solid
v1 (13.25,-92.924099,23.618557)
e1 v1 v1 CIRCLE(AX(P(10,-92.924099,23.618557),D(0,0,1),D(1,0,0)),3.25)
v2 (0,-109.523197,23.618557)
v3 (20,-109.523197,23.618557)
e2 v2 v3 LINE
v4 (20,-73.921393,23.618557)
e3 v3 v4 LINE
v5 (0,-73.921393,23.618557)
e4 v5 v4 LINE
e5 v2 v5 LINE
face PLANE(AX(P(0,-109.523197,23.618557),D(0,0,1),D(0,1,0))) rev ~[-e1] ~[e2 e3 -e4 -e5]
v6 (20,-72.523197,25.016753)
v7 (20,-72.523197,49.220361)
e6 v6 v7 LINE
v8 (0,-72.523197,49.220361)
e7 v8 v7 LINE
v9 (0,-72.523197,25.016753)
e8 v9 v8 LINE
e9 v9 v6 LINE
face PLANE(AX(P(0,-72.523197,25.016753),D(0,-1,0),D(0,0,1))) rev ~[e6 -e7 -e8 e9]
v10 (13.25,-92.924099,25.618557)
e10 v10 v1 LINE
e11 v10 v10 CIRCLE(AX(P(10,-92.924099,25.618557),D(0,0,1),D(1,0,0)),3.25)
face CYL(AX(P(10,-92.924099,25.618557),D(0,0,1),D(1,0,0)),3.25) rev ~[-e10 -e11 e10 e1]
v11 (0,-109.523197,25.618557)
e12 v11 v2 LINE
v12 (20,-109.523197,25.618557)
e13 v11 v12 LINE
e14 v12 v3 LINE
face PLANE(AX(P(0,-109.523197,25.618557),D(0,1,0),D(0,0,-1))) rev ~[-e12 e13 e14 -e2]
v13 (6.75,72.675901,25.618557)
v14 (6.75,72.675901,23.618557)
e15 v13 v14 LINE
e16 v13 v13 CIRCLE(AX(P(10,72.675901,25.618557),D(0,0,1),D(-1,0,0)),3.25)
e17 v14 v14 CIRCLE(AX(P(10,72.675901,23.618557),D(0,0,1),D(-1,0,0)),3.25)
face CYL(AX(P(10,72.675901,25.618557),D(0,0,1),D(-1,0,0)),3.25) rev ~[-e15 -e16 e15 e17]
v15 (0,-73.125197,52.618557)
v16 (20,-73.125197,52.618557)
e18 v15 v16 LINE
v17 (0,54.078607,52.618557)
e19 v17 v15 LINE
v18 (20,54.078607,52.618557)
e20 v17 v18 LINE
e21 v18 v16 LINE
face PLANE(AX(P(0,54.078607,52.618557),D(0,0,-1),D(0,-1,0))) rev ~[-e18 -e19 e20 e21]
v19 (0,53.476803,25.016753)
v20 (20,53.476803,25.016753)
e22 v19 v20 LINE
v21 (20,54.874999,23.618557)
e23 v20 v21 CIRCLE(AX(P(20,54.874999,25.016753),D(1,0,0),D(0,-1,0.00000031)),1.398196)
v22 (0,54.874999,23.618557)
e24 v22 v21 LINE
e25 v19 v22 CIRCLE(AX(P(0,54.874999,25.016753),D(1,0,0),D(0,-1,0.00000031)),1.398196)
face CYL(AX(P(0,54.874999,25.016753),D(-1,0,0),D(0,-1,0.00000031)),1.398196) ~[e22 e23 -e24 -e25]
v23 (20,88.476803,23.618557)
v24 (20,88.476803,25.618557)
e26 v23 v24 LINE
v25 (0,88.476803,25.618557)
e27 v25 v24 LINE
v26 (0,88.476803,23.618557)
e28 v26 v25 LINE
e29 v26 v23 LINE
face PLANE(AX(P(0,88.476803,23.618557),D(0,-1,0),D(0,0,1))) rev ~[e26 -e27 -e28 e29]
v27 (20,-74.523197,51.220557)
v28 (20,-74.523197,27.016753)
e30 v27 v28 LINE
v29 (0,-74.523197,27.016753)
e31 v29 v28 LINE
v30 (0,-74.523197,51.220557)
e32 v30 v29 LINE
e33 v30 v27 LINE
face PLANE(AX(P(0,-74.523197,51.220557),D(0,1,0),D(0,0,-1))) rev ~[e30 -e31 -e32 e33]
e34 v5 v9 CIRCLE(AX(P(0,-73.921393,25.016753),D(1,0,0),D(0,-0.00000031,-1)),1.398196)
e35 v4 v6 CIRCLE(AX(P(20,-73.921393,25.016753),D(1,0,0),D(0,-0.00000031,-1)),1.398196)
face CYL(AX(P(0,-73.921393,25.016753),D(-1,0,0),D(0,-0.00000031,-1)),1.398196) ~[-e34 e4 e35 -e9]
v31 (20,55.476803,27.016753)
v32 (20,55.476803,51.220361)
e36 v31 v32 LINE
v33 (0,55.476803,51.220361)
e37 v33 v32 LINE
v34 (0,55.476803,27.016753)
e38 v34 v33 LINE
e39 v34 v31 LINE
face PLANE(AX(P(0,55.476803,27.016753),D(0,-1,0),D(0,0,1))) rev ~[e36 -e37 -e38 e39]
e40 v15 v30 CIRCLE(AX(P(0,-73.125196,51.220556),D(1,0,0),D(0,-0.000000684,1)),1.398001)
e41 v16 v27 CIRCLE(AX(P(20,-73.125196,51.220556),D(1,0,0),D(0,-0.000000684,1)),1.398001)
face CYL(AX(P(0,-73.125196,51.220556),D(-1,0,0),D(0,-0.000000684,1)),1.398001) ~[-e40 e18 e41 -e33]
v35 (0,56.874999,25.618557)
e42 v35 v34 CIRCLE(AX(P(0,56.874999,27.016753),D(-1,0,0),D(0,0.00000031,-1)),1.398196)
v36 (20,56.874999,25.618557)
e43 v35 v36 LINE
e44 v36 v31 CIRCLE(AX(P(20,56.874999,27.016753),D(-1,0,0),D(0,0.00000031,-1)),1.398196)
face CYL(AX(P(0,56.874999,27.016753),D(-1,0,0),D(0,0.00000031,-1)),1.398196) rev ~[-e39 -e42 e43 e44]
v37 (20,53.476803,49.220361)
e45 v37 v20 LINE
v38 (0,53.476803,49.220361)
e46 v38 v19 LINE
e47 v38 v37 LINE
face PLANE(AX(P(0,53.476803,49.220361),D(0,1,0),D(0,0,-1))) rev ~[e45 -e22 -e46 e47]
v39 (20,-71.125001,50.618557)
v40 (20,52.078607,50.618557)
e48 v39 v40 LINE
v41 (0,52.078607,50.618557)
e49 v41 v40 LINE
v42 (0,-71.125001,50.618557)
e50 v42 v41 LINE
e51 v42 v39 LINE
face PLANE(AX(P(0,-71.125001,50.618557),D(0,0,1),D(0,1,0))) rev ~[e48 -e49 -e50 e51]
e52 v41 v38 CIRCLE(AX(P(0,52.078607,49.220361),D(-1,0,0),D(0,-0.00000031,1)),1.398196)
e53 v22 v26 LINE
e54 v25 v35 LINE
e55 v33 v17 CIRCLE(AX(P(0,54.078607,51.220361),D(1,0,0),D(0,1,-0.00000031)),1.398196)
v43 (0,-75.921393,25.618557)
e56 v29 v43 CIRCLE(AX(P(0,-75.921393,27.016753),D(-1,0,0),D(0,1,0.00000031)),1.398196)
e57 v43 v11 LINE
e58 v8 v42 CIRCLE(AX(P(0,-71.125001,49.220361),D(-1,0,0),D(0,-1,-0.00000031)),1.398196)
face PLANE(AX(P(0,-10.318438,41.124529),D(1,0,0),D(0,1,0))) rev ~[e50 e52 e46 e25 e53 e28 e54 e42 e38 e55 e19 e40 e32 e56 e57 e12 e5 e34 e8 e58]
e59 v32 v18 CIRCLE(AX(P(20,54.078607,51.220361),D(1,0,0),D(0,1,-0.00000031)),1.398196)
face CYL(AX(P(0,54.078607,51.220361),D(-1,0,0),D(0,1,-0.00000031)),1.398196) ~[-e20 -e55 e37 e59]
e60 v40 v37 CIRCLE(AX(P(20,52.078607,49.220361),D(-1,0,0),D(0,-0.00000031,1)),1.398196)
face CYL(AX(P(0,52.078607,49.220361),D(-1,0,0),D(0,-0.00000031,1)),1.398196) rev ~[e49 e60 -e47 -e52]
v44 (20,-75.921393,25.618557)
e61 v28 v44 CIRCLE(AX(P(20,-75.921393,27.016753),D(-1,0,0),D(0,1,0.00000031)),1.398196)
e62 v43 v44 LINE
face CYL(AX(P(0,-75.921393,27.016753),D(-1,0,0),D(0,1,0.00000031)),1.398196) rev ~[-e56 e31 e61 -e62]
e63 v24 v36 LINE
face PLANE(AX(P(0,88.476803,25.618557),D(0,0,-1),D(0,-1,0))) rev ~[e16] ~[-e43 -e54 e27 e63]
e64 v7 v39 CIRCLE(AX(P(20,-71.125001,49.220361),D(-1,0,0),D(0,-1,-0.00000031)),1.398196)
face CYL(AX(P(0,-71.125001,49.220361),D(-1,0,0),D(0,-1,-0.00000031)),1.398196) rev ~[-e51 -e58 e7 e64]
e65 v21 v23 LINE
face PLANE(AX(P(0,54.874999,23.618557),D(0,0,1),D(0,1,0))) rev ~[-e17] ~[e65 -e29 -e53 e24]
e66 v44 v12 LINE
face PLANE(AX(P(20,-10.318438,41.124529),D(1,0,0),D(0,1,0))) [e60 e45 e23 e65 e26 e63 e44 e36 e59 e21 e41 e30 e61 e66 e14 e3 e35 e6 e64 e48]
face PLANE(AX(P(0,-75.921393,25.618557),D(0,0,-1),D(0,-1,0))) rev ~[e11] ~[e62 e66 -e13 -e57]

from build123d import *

# Parameters (mm, degrees)
F1_DEPTH = 20
F2_R     = 3.25
F3_DEPTH = 25


with BuildPart() as f1:
    # F0 (on Right) → F1 (new body)
    with BuildSketch(Plane.YZ):
        with BuildLine():
            Line((-109.523197, 25.618557), (-109.523197, 23.618557))
            Line((-109.523197, 23.618557), (-73.921393, 23.618557))
            ThreePointArc((-73.921393, 23.618557), (-72.932719, 24.028079), (-72.523197, 25.016753))
            Line((-72.523197, 25.016753), (-72.523197, 25.618557))
            Line((-72.523197, 25.618557), (-72.523197, 49.220361))
            ThreePointArc((-72.523197, 49.220361), (-72.113675, 50.209035), (-71.125001, 50.618557))
            Line((-71.125001, 50.618557), (52.078607, 50.618557))
            ThreePointArc((52.078607, 50.618557), (53.067281, 50.209035), (53.476803, 49.220361))
            Line((53.476803, 49.220361), (53.476803, 25.016753))
            ThreePointArc((53.476803, 25.016753), (53.886325, 24.028079), (54.874999, 23.618557))
            Line((54.874999, 23.618557), (55.476803, 23.618557))
            Line((55.476803, 23.618557), (88.476803, 23.618557))
            Line((88.476803, 23.618557), (88.476803, 25.618557))
            Line((88.476803, 25.618557), (56.874999, 25.618557))
            ThreePointArc((56.874999, 25.618557), (55.886325, 26.028079), (55.476803, 27.016753))
            Line((55.476803, 27.016753), (55.476803, 51.220361))
            ThreePointArc((55.476803, 51.220361), (55.067281, 52.209035), (54.078607, 52.618557))
            Line((54.078607, 52.618557), (52.04897, 52.618557))
            Line((52.04897, 52.618557), (-11.456186, 52.618557))
            Line((-11.456186, 52.618557), (-73.125197, 52.618557))
            ThreePointArc((-73.125197, 52.618557), (-74.113732, 52.209092), (-74.523197, 51.220557))
            Line((-74.523197, 51.220557), (-74.523197, 51.220361))
            Line((-74.523197, 51.220361), (-74.523197, 50.618557))
            Line((-74.523197, 50.618557), (-74.523197, 27.016753))
            ThreePointArc((-74.523197, 27.016753), (-74.932719, 26.028079), (-75.921393, 25.618557))
            Line((-75.921393, 25.618557), (-109.523197, 25.618557))
        make_face()
    extrude(amount=F1_DEPTH)

    # F2 (on face) → F3 (cut)
    with BuildSketch(Plane.XY.offset(25.618557)):
        with BuildLine():
            Line((6.75, 72.675901), (10, 72.675901))
            Line((10, 72.675901), (13.25, 72.675901))
            ThreePointArc((13.25, 72.675901), (10, 75.925901), (6.75, 72.675901))
        make_face()
        with BuildLine():
            Line((13.25, 72.675901), (10, 72.675901))
            Line((10, 72.675901), (6.75, 72.675901))
            ThreePointArc((6.75, 72.675901), (10, 69.425901), (13.25, 72.675901))
        make_face()
        with Locations((10, -92.924099)):
            Circle(F2_R)
    extrude(amount=-F3_DEPTH, mode=Mode.SUBTRACT)


solid = f1.part
